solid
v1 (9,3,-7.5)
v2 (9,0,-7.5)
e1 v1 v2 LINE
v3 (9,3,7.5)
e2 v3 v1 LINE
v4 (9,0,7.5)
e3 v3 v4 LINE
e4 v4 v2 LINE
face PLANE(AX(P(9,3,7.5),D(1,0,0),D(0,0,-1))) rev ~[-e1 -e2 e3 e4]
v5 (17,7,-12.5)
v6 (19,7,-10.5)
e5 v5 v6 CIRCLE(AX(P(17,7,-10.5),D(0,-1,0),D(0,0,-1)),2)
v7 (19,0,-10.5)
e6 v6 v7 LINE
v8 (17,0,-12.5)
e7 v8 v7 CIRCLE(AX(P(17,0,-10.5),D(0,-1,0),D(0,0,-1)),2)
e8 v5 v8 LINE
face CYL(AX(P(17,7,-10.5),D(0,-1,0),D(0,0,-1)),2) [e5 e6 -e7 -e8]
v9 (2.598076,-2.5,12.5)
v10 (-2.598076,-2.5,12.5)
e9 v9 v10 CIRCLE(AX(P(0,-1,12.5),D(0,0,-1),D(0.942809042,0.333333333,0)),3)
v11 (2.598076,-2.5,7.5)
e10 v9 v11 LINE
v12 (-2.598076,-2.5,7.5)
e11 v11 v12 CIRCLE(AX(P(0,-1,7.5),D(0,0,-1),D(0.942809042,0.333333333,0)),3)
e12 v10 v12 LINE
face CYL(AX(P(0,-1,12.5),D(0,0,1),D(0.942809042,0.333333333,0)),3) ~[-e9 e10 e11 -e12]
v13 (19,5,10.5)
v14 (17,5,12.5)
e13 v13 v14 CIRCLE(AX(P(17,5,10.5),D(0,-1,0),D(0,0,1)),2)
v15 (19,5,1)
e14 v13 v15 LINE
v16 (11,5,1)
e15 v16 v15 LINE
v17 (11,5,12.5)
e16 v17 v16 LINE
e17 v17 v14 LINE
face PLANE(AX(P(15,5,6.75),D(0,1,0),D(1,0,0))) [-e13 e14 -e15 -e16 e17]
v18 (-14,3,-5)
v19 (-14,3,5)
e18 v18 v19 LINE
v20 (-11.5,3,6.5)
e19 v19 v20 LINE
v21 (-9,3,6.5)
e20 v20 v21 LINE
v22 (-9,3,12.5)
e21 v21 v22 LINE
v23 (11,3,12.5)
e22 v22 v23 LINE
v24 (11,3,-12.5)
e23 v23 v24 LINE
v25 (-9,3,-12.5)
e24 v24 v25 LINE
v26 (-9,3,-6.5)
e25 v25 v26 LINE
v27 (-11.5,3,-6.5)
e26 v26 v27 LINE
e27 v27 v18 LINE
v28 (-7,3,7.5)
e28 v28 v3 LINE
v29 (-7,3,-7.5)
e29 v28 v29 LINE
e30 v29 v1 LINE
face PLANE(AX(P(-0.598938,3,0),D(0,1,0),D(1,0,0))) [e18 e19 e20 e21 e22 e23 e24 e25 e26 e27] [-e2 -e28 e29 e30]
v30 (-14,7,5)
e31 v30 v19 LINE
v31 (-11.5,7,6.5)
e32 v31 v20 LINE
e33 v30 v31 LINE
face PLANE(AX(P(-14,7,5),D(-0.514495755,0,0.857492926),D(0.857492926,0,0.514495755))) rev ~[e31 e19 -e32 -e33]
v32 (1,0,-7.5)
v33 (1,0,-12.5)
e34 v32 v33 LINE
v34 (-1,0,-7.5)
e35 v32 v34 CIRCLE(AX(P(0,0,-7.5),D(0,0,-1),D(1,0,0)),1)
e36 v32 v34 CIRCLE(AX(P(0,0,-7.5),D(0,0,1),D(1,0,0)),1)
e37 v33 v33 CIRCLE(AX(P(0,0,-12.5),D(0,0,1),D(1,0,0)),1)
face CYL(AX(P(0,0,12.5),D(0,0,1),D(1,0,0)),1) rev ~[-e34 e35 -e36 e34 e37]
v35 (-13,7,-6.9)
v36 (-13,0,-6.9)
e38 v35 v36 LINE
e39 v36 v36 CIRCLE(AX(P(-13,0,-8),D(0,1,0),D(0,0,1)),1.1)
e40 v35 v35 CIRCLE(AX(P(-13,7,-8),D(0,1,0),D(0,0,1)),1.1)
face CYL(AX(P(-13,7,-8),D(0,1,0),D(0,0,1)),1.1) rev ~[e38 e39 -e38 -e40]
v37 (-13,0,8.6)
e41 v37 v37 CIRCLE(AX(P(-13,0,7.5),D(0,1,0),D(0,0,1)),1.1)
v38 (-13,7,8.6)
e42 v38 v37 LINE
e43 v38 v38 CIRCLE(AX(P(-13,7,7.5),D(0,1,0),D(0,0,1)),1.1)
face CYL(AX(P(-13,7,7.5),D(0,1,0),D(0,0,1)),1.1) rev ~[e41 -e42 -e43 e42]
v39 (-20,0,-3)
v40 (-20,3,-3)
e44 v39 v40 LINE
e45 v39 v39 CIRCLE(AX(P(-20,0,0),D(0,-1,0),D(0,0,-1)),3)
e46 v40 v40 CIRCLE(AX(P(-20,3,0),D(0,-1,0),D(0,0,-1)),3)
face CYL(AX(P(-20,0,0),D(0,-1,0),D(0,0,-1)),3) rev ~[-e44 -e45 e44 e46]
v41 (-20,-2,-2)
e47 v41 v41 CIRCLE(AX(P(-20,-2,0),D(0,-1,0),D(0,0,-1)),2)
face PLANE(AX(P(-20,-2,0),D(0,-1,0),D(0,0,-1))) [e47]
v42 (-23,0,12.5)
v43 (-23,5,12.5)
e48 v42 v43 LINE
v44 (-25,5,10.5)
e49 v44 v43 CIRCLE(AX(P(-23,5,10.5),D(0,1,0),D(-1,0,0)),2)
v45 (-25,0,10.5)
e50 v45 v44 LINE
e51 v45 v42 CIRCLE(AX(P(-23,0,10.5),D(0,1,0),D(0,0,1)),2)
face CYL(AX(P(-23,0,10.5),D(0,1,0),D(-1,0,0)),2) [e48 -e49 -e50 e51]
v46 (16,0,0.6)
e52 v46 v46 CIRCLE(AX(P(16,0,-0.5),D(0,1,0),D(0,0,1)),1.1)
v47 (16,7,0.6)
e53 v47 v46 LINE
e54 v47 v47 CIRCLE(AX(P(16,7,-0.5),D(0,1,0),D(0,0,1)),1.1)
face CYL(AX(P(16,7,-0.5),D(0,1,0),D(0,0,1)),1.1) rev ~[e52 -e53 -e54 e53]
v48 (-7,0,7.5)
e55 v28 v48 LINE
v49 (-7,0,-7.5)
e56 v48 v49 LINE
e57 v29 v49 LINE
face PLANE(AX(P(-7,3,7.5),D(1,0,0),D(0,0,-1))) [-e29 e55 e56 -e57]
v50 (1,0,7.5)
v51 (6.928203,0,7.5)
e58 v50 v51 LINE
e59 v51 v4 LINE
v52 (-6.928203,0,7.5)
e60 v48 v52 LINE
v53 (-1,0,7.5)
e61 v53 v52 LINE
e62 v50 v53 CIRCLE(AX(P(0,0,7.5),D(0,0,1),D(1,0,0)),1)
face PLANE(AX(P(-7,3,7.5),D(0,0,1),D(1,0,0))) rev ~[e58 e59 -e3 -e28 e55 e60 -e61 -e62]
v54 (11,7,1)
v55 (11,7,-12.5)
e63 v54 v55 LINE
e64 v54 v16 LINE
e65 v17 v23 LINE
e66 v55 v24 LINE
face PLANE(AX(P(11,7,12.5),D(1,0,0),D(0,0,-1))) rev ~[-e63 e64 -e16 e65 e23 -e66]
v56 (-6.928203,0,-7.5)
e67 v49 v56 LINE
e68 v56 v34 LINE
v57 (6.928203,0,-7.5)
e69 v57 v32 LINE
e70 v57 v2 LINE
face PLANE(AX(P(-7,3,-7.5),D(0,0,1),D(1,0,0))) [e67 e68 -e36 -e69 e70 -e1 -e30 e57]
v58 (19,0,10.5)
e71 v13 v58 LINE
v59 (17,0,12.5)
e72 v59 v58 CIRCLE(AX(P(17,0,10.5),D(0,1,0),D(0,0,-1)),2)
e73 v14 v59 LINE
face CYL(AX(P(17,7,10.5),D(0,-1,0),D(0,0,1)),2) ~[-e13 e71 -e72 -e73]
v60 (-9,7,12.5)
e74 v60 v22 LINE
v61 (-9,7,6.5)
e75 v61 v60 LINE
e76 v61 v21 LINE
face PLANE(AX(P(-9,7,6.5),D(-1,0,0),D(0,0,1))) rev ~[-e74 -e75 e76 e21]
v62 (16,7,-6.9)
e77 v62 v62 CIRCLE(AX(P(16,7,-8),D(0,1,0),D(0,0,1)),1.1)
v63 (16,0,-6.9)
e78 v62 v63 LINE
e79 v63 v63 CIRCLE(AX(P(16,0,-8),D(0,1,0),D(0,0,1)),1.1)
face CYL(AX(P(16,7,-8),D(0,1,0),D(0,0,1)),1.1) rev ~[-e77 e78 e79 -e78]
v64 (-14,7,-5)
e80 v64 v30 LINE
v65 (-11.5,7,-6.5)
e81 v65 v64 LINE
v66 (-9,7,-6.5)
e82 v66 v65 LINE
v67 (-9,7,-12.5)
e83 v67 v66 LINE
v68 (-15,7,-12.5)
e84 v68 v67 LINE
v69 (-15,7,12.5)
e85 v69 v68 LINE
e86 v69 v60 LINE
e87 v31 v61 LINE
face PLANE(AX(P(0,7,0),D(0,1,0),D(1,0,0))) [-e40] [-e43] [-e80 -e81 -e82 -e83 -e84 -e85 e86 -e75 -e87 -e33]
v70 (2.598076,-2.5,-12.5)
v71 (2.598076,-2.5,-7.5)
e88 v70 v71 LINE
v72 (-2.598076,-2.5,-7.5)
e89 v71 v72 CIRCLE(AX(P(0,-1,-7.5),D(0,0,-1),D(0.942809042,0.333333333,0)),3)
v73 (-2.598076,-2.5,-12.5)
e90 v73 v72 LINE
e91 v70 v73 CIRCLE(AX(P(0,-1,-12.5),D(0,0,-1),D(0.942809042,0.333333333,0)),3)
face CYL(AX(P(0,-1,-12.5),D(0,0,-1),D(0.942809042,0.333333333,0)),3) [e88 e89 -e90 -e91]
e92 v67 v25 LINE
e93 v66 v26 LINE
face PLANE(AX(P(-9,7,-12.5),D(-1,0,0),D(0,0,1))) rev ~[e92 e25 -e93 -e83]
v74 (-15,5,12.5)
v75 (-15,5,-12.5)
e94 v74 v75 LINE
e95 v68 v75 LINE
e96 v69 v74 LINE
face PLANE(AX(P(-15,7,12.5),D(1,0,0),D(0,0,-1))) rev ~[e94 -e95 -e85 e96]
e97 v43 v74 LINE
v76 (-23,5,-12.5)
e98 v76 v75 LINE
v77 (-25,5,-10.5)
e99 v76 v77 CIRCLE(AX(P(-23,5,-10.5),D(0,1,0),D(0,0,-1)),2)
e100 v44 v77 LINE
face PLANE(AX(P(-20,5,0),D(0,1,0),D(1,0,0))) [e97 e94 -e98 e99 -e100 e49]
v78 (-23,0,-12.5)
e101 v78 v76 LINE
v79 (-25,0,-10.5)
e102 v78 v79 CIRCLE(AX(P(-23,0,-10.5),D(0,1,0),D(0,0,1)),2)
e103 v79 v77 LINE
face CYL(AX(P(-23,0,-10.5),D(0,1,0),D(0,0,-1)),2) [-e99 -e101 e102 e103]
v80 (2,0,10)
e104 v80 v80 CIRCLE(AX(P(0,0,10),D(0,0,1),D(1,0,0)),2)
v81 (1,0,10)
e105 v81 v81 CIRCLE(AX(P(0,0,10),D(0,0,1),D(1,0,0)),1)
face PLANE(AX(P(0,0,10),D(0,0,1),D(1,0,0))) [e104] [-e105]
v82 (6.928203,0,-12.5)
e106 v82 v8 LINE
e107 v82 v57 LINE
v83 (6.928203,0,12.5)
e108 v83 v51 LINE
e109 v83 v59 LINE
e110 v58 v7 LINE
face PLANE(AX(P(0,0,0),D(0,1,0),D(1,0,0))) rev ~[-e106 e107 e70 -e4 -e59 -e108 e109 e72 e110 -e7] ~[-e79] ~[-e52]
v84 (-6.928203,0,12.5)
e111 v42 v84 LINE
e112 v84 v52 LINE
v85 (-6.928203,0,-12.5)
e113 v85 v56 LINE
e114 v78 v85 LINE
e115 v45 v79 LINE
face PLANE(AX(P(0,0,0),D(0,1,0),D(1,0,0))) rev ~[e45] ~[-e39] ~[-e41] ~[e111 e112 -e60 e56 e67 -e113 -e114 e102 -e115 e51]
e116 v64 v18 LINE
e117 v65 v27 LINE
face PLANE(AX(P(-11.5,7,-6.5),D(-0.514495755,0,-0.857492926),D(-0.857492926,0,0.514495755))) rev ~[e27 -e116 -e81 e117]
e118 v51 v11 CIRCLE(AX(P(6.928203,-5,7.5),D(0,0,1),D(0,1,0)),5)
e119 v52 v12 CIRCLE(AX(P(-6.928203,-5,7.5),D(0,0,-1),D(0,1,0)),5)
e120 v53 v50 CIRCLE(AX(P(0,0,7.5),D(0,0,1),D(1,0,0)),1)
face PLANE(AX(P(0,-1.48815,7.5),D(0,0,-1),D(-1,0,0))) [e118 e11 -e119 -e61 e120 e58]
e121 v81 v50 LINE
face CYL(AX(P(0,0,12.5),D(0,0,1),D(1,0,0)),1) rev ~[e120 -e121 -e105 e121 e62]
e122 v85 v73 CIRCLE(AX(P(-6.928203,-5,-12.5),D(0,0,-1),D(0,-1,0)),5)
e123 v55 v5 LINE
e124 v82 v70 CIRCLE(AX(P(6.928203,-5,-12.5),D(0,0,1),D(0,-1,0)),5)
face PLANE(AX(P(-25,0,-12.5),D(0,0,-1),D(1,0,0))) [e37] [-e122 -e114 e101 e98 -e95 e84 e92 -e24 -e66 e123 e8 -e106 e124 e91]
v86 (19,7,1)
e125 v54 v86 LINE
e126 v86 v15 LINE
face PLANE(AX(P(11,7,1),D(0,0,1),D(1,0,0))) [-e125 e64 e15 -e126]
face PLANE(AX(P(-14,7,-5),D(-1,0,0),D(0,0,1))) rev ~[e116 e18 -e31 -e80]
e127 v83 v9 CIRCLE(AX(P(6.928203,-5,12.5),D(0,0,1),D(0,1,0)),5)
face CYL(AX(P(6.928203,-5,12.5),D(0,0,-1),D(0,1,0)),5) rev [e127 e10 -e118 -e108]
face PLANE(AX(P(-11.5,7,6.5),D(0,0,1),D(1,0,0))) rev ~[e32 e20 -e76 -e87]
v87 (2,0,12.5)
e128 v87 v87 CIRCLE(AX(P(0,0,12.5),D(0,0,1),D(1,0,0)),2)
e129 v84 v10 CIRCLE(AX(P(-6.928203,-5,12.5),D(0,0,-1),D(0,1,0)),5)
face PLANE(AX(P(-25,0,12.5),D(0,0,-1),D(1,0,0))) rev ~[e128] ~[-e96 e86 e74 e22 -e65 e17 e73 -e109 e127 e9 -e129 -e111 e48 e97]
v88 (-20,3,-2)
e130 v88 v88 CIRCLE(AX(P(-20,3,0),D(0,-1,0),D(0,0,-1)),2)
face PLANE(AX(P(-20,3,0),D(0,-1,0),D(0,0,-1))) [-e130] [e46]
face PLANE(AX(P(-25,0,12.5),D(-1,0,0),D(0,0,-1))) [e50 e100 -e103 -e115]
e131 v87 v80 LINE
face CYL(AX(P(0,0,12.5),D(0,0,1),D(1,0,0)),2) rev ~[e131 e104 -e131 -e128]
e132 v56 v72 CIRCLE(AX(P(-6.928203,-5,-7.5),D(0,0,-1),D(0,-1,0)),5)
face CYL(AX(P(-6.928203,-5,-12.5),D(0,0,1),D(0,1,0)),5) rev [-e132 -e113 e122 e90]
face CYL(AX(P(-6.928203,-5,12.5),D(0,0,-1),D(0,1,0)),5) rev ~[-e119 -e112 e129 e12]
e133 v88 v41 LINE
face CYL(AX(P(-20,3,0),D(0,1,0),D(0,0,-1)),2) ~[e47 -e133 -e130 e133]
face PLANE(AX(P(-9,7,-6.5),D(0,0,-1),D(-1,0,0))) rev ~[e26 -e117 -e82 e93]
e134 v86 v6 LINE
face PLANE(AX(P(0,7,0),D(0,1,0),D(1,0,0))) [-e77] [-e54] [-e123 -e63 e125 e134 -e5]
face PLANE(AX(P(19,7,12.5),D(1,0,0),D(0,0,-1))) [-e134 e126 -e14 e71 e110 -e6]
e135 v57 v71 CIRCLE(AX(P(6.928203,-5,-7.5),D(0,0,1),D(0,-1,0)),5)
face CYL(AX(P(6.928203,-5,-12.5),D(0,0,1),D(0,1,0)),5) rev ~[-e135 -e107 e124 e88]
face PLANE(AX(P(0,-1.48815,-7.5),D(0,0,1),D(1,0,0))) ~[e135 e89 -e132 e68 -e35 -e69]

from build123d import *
from build123d.topology import SkipClean

# Parameters (mm, degrees)
SKETCH_1_W           = 50
SKETCH_1_H           = 25
EXTRUDE_1_DEPTH      = 7
EXTRUDE_2_DEPTH      = 5
SKETCH_3_R           = 1
CUT_EXTRUDE_1_DEPTH  = 37.041642582
SKETCH_5_W           = 6
SKETCH_5_H           = 25
CUT_EXTRUDE_5_DEPTH  = 31.037476592
SKETCH_6_R           = 2
CUT_EXTRUDE_6_DEPTH  = 2.5
FILLET_2_R           = 2
FILLET_3_R           = 5
SKETCH_8_R           = 1.1
CUT_EXTRUDE_9_DEPTH  = 31.037476592
CUT_EXTRUDE_4_DEPTH  = 4
SKETCH_7_W           = 16
SKETCH_7_H           = 15
CUT_EXTRUDE_7_DEPTH  = 29.814059068
SKETCH_10_R          = 3
CUT_EXTRUDE_11_DEPTH = 3
SKETCH_12_R          = 2
EXTRUDE_3_DEPTH      = 5
SKETCH_13_W          = 10
SKETCH_13_H          = 25
SKETCH_13_W_2        = 8
SKETCH_13_H_2        = 11.5
CUT_EXTRUDE_12_DEPTH = 2


with BuildPart() as part:
    # 草图1 → 凸台-拉伸1 (new body)
    with BuildSketch(Plane(origin=(0, 0, 0), x_dir=(1, 0, 0), z_dir=(0, 1, 0))):
        Rectangle(SKETCH_1_W, SKETCH_1_H)
    extrude(amount=EXTRUDE_1_DEPTH)

    # 草图2 → 凸台-拉伸2 (add)
    with BuildSketch(Plane.XY.offset(12.5)):
        with BuildLine():
            Line((-2.828427125, 0), (2.828427125, 0))
            ThreePointArc((2.828427125, 0), (0, -4), (-2.828427125, 0))
        make_face()
    extrude_2 = extrude(amount=-EXTRUDE_2_DEPTH)

    # 草图3 → 切除-拉伸1 (cut, through all)
    with BuildSketch(Plane.XY.offset(12.5)):
        Circle(SKETCH_3_R)
    cut_extrude_1 = extrude(amount=-CUT_EXTRUDE_1_DEPTH, mode=Mode.SUBTRACT)

    # 镜向1: 凸台-拉伸2, 切除-拉伸1 across plane
    with SkipClean():  # the faces are left unmerged after this step: merging them gives an invalid solid
        add(extrude_2.mirror(Plane.XY))
        add(cut_extrude_1.mirror(Plane.XY), mode=Mode.SUBTRACT)

    # 草图5 → 切除-拉伸5 (cut, through all)
    with SkipClean():  # the faces are left unmerged after this step: merging them gives an invalid solid
        with BuildSketch(Plane(origin=(0, 7, 0), x_dir=(1, 0, 0), z_dir=(0, 1, 0))):
            with Locations((22, 0)):
                Rectangle(SKETCH_5_W, SKETCH_5_H)
        extrude(amount=-CUT_EXTRUDE_5_DEPTH, mode=Mode.SUBTRACT)

    # 草图6 → 切除-拉伸6 (cut)
    with SkipClean():  # the faces are left unmerged after this step: merging them gives an invalid solid
        with BuildSketch(Plane.XY.offset(12.5)):
            Circle(SKETCH_6_R)
        extrude(amount=-CUT_EXTRUDE_6_DEPTH, mode=Mode.SUBTRACT)

    # 圆角2
    fillet_2_edges = [part.edges().sort_by_distance(p)[0] for p in [
        (19, 3.5, 12.5),
        (19, 3.5, -12.5),
        (-25, 3.5, 12.5),
        (-25, 3.5, -12.5),
    ]]
    fillet(fillet_2_edges, radius=FILLET_2_R)

    # 圆角3
    fillet_3_edges = [part.edges().sort_by_distance(p)[0] for p in [
        (2.828427125, 0, 10),
        (-2.828427125, 0, 10),
        (2.828427125, 0, -10),
        (-2.828427125, 0, -10),
    ]]
    fillet(fillet_3_edges, radius=FILLET_3_R)

    # 草图8 → 切除-拉伸9 (cut, through all)
    with SkipClean():  # the faces are left unmerged after this step: merging them gives an invalid solid
        with BuildSketch(Plane(origin=(0, 7, 0), x_dir=(1, 0, 0), z_dir=(0, 1, 0))):
            with Locations(Location((-13, 8, 0), (0, 0, 270))):
                Circle(SKETCH_8_R)
            with Locations(Location((-13, -7.5, 0), (0, 0, 270))):
                Circle(SKETCH_8_R)
            with Locations(Location((16, 8, 0), (0, 0, 270))):
                Circle(SKETCH_8_R)
            with Locations(Location((16, 0.5, 0), (0, 0, 270))):
                Circle(SKETCH_8_R)
        extrude(amount=-CUT_EXTRUDE_9_DEPTH, mode=Mode.SUBTRACT)

    # 草图4 → 切除-拉伸4 (cut)
    with SkipClean():  # the faces are left unmerged after this step: merging them gives an invalid solid
        with BuildSketch(Plane(origin=(0, 7, 0), x_dir=(1, 0, 0), z_dir=(0, 1, 0))):
            Polygon((-9, -12.5), (11, -12.5), (11, 12.5), (-9, 12.5), (-9, 6.5), (-11.5, 6.5), (-14, 5), (-14, -5), (-11.5, -6.5), (-9, -6.5), align=None)
        extrude(amount=-CUT_EXTRUDE_4_DEPTH, mode=Mode.SUBTRACT)

    # 草图7 → 切除-拉伸7 (cut, through all)
    with SkipClean():  # the faces are left unmerged after this step: merging them gives an invalid solid
        with BuildSketch(Plane(origin=(0, 3, 0), x_dir=(1, 0, 0), z_dir=(0, 1, 0))):
            with Locations((1, 0)):
                Rectangle(SKETCH_7_W, SKETCH_7_H)
        extrude(amount=-CUT_EXTRUDE_7_DEPTH, mode=Mode.SUBTRACT)

    # 草图10 → 切除-拉伸11 (cut)
    with SkipClean():  # the faces are left unmerged after this step: merging them gives an invalid solid
        with BuildSketch(Plane.XZ):
            with Locations(Location((-20, 0, 0), (0, 0, 270))):
                Circle(SKETCH_10_R)
        extrude(amount=-CUT_EXTRUDE_11_DEPTH, mode=Mode.SUBTRACT)

    # 草图12 → 凸台-拉伸3 (add)
    with SkipClean():  # the faces are left unmerged after this step: merging them gives an invalid solid
        with BuildSketch(Plane.XZ.offset(-3)):
            with Locations(Location((-20, 0, 0), (0, 0, 270))):
                Circle(SKETCH_12_R)
        extrude(amount=EXTRUDE_3_DEPTH)

    # 草图13 → 切除-拉伸12 (cut)
    with SkipClean():  # the faces are left unmerged after this step: merging them gives an invalid solid
        with BuildSketch(Plane(origin=(0, 7, 0), x_dir=(1, 0, 0), z_dir=(0, 1, 0))):
            with Locations((-20, 0)):
                Rectangle(SKETCH_13_W, SKETCH_13_H)
            with Locations((15, -6.75)):
                Rectangle(SKETCH_13_W_2, SKETCH_13_H_2)
        extrude(amount=-CUT_EXTRUDE_12_DEPTH, mode=Mode.SUBTRACT)


solid = part.part
